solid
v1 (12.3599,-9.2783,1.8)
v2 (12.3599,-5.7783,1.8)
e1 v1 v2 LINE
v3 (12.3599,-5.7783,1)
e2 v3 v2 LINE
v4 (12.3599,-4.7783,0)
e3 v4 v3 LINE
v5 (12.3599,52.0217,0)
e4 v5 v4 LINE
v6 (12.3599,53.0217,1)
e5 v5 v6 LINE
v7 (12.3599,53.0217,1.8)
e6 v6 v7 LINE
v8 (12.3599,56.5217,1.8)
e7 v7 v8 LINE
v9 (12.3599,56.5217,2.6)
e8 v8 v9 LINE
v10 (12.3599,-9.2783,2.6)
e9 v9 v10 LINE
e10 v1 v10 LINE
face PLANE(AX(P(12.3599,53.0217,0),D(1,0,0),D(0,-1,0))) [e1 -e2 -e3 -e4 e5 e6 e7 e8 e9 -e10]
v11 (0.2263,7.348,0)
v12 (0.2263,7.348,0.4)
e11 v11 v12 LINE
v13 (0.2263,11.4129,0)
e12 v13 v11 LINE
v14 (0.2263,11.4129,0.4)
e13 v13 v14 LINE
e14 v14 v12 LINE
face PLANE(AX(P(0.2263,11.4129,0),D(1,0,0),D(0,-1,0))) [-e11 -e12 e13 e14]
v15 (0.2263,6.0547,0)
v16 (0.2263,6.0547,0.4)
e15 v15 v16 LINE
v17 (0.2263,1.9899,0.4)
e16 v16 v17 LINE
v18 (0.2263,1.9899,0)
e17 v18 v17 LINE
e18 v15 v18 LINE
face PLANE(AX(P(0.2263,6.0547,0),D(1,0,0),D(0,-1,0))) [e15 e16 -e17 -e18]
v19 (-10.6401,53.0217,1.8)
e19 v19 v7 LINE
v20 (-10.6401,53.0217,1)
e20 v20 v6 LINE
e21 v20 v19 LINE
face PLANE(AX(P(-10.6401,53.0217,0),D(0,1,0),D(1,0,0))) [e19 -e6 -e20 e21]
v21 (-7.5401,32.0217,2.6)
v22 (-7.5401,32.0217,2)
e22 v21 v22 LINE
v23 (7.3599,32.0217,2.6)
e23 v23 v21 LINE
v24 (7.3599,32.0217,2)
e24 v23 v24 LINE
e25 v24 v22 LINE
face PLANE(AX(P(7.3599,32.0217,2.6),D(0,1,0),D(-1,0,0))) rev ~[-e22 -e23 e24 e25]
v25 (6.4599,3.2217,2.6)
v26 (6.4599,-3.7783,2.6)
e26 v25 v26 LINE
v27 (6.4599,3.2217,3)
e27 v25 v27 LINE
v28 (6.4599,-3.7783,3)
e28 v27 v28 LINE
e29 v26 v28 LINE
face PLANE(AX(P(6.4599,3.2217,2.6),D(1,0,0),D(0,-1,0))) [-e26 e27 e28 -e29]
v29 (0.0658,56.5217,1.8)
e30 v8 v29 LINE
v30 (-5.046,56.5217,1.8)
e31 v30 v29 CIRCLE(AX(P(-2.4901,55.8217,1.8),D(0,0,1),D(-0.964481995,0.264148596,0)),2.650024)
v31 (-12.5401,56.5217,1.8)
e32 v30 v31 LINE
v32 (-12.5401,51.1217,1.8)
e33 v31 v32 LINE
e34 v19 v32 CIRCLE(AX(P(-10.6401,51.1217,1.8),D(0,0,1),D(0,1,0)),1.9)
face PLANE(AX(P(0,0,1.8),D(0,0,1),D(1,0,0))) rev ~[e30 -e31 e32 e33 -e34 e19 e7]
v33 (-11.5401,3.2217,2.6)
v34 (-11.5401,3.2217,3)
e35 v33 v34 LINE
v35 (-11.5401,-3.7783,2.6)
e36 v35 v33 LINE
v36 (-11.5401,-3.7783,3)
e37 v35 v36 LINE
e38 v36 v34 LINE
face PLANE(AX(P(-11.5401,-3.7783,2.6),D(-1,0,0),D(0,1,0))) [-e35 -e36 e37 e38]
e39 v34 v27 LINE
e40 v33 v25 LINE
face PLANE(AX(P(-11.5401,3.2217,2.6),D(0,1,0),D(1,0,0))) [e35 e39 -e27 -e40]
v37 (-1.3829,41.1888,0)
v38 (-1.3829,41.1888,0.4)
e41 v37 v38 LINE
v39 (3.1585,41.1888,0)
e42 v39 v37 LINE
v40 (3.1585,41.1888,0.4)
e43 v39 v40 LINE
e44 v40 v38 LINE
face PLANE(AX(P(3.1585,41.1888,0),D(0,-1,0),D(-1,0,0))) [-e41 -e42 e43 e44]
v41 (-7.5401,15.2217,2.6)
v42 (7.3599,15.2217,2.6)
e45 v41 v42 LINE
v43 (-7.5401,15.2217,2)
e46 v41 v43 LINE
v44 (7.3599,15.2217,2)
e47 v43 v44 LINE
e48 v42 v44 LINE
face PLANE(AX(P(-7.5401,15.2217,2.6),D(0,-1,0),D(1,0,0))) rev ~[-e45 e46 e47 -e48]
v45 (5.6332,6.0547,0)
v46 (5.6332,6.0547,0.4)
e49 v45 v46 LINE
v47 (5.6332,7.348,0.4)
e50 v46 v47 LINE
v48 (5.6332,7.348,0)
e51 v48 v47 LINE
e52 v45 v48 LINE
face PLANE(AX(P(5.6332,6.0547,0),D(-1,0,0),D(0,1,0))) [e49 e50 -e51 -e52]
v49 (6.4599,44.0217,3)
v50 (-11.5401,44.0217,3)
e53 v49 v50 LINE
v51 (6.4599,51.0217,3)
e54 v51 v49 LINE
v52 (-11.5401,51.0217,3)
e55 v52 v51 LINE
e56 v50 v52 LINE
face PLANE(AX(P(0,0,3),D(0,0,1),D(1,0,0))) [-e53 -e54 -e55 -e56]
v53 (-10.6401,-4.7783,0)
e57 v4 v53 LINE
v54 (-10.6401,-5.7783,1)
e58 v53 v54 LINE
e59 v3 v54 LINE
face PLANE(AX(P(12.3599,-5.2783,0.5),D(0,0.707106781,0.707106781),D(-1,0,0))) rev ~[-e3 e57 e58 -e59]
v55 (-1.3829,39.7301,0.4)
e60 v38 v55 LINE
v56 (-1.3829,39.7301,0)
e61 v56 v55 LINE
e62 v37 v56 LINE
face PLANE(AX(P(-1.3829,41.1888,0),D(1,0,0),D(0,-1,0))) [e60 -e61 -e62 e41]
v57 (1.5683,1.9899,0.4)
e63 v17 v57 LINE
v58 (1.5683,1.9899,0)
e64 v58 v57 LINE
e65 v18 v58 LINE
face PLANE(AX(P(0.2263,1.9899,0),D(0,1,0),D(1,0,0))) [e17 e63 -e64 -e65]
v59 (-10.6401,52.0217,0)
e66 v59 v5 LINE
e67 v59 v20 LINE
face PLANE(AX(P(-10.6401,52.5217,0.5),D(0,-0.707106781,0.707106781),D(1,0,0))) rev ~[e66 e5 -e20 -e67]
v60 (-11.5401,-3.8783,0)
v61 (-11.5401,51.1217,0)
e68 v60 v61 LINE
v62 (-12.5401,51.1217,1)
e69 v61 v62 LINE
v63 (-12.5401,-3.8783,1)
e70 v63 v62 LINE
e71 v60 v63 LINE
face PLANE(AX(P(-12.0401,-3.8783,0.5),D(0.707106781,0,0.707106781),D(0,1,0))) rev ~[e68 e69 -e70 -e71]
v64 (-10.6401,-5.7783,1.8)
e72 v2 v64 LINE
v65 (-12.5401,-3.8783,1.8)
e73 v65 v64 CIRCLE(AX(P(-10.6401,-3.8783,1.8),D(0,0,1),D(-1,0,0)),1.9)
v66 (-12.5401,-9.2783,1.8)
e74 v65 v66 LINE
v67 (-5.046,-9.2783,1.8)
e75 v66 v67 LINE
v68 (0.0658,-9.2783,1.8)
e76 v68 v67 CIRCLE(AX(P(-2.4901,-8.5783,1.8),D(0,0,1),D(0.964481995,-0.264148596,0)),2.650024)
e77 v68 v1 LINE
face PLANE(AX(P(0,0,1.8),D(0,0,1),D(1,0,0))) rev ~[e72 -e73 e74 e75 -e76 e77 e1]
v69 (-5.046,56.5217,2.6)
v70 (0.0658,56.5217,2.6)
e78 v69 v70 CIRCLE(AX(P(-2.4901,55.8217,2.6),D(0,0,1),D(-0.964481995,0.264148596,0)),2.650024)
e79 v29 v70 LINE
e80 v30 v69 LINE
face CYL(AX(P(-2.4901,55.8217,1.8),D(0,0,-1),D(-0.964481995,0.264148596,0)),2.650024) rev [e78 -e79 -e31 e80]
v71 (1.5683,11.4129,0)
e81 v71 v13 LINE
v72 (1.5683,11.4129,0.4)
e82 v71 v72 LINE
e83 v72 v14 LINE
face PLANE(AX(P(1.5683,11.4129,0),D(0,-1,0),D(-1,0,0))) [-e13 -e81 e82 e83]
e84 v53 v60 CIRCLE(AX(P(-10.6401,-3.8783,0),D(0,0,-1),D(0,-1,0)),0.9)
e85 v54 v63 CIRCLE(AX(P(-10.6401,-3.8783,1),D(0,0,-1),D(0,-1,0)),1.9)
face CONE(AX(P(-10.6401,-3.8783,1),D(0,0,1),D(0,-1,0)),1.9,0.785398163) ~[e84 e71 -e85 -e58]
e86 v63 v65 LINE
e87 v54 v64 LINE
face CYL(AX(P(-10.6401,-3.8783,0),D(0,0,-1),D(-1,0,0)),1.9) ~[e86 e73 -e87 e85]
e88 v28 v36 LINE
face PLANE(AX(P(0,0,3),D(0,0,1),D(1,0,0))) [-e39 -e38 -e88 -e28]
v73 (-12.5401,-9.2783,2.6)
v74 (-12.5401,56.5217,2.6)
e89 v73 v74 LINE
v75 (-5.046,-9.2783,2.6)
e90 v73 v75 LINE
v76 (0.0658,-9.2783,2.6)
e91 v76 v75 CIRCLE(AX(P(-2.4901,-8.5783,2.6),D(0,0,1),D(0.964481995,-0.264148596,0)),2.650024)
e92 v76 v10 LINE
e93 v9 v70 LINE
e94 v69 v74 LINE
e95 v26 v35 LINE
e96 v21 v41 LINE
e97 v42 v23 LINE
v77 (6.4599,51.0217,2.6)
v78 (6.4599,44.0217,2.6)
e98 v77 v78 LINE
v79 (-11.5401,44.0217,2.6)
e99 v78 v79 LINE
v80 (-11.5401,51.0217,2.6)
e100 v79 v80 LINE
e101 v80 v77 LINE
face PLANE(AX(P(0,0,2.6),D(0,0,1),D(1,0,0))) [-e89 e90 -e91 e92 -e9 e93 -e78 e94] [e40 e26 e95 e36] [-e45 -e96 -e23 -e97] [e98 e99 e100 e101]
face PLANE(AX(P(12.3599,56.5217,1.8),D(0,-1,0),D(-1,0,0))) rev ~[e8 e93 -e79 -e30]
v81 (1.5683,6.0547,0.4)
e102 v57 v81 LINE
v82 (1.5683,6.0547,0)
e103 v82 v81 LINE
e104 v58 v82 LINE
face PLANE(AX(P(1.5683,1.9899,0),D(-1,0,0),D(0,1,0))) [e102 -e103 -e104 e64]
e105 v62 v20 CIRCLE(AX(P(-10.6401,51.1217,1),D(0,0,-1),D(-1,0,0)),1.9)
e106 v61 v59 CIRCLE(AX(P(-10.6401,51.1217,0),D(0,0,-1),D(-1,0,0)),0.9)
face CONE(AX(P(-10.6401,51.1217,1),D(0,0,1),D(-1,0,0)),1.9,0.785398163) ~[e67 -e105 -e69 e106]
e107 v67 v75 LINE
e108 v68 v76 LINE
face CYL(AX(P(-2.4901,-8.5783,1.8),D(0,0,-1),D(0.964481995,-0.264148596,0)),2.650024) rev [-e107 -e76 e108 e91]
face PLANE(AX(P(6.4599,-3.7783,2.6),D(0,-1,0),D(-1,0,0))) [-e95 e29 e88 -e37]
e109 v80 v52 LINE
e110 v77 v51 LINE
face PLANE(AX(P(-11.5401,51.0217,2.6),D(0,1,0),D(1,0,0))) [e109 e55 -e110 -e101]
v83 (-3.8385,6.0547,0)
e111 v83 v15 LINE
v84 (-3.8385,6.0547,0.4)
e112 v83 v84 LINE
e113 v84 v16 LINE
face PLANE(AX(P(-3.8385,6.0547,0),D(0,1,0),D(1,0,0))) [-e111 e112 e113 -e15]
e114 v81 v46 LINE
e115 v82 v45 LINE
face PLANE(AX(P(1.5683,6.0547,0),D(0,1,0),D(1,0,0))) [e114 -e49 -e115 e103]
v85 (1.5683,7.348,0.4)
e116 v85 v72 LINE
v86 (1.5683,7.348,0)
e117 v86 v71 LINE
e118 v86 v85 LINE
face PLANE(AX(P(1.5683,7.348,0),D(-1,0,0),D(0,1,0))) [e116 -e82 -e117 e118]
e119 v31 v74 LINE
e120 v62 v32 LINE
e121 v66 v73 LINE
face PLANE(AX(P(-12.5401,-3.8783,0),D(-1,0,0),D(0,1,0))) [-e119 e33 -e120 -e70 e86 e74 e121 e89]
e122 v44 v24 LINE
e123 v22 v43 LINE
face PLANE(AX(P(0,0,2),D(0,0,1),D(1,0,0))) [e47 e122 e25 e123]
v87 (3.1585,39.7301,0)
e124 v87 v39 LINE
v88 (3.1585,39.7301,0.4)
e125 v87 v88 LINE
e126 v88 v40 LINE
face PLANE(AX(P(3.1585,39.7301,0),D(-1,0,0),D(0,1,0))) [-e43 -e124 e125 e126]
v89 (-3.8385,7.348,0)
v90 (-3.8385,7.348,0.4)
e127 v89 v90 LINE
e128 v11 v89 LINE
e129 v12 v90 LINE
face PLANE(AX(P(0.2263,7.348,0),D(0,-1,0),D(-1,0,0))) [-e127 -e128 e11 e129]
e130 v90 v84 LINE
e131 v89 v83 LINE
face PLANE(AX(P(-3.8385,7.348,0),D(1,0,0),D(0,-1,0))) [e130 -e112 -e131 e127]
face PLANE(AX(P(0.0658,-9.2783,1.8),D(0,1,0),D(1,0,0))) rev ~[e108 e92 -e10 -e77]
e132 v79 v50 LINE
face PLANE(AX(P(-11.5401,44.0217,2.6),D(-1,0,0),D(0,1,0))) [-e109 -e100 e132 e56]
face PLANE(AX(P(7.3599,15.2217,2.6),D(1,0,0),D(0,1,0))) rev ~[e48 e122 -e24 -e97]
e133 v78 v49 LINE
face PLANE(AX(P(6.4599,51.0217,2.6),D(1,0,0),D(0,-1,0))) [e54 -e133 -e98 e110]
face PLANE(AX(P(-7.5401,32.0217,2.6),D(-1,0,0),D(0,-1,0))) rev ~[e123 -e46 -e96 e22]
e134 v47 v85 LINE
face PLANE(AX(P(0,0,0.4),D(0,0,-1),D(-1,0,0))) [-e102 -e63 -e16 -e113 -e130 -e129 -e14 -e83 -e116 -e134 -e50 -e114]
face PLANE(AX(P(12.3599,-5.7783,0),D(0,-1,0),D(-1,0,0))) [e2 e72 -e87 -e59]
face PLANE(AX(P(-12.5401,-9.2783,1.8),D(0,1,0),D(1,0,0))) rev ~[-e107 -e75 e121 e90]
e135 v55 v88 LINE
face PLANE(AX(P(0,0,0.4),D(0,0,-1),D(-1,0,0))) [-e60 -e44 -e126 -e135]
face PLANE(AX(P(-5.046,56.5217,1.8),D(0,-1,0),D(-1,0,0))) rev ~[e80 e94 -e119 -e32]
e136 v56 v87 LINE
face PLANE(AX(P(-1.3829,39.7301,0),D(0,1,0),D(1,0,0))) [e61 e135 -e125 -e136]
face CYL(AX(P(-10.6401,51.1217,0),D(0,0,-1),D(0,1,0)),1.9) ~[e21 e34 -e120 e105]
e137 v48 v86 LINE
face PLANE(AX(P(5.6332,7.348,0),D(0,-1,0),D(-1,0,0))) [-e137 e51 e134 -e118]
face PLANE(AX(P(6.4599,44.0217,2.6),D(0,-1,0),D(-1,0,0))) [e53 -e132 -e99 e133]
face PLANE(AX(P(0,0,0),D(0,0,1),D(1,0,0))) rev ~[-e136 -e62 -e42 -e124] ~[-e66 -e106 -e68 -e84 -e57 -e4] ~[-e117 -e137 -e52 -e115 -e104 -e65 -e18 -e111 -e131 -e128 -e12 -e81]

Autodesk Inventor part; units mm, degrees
ref_plane "YZ Plane" through (0, 0, 0) normal (1, 0, 0) x (0, 1, 0)
ref_plane "XZ Plane" through (0, 0, 0) normal (0, 1, 0) x (-1, 0, 0)
ref_plane "XY Plane" through (0, 0, 0) normal (0, 0, 1) x (1, 0, 0)
sketch "Skizze1" plane through (0, 0, 0) normal (0, 0, 1) x (1, 0, 0)
  arc A0 (-10.6401, 53.1217) -> (-12.6401, 51.1217) centre (-10.6401, 51.1217) ccw construction
  line L0 (-12.6401, 51.1217) -> (-12.6401, -3.8783) construction
  arc A1 (-12.6401, -3.8783) -> (-10.6401, -5.8783) centre (-10.6401, -3.8783) ccw construction
  line L1 (-10.6401, -5.8783) -> (35.6599, -5.8783) construction
  arc A2 (35.6599, -5.8783) -> (37.6599, -3.8783) centre (35.6599, -3.8783) ccw construction
  line L2 (37.6599, -3.8783) -> (37.6599, 51.1217) construction
  arc A3 (37.6599, 51.1217) -> (35.6599, 53.1217) centre (35.6599, 51.1217) ccw construction
  line L3 (35.6599, 53.1217) -> (-10.6401, 53.1217) construction
  arc A4 (-24.2401, -8.4283) -> (-19.5401, -13.1283) centre (-19.5401, -8.4283) ccw construction
  line L4 (-24.2401, 55.6717) -> (-24.2401, -8.4283) construction
  arc A5 (-19.5401, 60.3717) -> (-24.2401, 55.6717) centre (-19.5401, 55.6717) ccw construction
  line L5 (44.5599, 60.3717) -> (-19.5401, 60.3717) construction
  arc A6 (49.2599, 55.6717) -> (44.5599, 60.3717) centre (44.5599, 55.6717) ccw construction
  line L6 (49.2599, -8.4283) -> (49.2599, 55.6717) construction
  arc A7 (44.5599, -13.1283) -> (49.2599, -8.4283) centre (44.5599, -8.4283) ccw construction
  line L7 (-19.5401, -13.1283) -> (44.5599, -13.1283) construction
  line L8 (35.6599, -5.7783) -> (-10.6401, -5.7783)
  arc A8 (-12.5401, -3.8783) -> (-10.6401, -5.7783) centre (-10.6401, -3.8783) ccw
  line L9 (-12.5401, -3.8783) -> (-12.5401, 51.1217)
  arc A9 (-10.6401, 53.0217) -> (-12.5401, 51.1217) centre (-10.6401, 51.1217) ccw
  line L10 (-10.6401, 53.0217) -> (35.6599, 53.0217)
  arc A10 (37.5599, 51.1217) -> (35.6599, 53.0217) centre (35.6599, 51.1217) ccw
  line L11 (37.5599, 51.1217) -> (37.5599, -3.8783)
  arc A11 (35.6599, -5.7783) -> (37.5599, -3.8783) centre (35.6599, -3.8783) ccw
  line L12 (12.5099, -5.7783) -> (12.5099, 53.0217) construction
  line L13 (12.3599, 53.0217) -> (12.3599, -5.7783)
  point P0 (0, 0)
  dimension "d0" = 0.1
  dimension "d1" = 24.9
extrude "Extrusion1" add sketch "Skizze1" along normal blind 1.8 contours L8 A8 L9 A9 L10 L13
sketch "Skizze2" plane through (0, 0, 1.8) normal (0, 0, 1) x (1, 0, 0)
  line L0 (12.3599, 56.5217) -> (-12.5401, 56.5217)
  line L1 (-12.5401, 56.5217) -> (-12.5401, -9.2783)
  line L2 (-12.5401, -9.2783) -> (12.3599, -9.2783)
  line L3 (12.3599, -9.2783) -> (12.3599, 56.5217)
  line L4 (-10.6401, -5.7783) -> (12.3599, -5.7783) projected
  line L5 (12.3599, 53.0217) -> (-10.6401, 53.0217) projected
  line L6 (12.3599, -5.7783) -> (12.3599, 53.0217) projected
  line L7 (-12.5401, 51.1217) -> (-12.5401, -3.8783) projected
  arc A0 (-0.5286, -10.1283) -> (-4.4516, -10.1283) centre (-2.4901, -8.5783) ccw projected
  arc A1 (-4.3683, 57.4717) -> (-0.612, 57.4717) centre (-2.4901, 55.8217) ccw projected
  circle A2 centre (-2.4901, -8.5783) radius 2.65 construction
  arc A3 (0.0658, -9.2783) -> (-5.046, -9.2783) centre (-2.4901, -8.5783) ccw
  circle A4 centre (-2.4901, 55.8217) radius 2.65 construction
  arc A5 (-5.046, 56.5217) -> (0.0658, 56.5217) centre (-2.4901, 55.8217) ccw
  point P0 (0, 0)
  dimension "d4" = 3.5
  dimension "d5" = 3.5
  dimension "d30" = 2.5
  dimension "d31" = 5.3
  dimension "d32" = 2.5
  dimension "d33" = 5.3
extrude "Extrusion2" add sketch "Skizze2" along normal blind 0.8 contours L3 L2 A3 L1 L0 A5
sketch "Skizze3" plane through (0, 0, 2.6) normal (0, 0, 1) x (1, 0, 0)
  line L0 (-11.5401, 51.0217) -> (6.4599, 51.0217)
  line L1 (6.4599, 51.0217) -> (6.4599, 44.0217)
  line L2 (6.4599, 44.0217) -> (-11.5401, 44.0217)
  line L3 (-11.5401, 44.0217) -> (-11.5401, 51.0217)
  line L4 (-11.5401, 3.2217) -> (6.4599, 3.2217)
  line L5 (6.4599, 3.2217) -> (6.4599, -3.7783)
  line L6 (6.4599, -3.7783) -> (-11.5401, -3.7783)
  line L7 (-11.5401, -3.7783) -> (-11.5401, 3.2217)
  line L8 (12.3599, 56.5217) -> (-12.5401, 56.5217) projected
  line L9 (-12.5401, -9.2783) -> (12.3599, -9.2783) projected
  line L10 (-12.5401, -3.8783) -> (-12.5401, -9.2783) projected
  point P0 (0, 0)
  dimension "d8" = 18
  dimension "d9" = 18
  dimension "d10" = 7
  dimension "d11" = 7
  dimension "d12" = 5.5
  dimension "d13" = 5.5
  dimension "d14" = 1
extrude "Extrusion3" add sketch "Skizze3" along normal blind 0.4
chamfer "Fase1" distance 1 angle 45 5 edges at (0.8599, 53.0217, 0) (-11.9836, 52.4652, 0) (-12.5401, 23.6217, 0) (-11.9836, -5.2218, 0) (0.8599, -5.7783, 0)
sketch "Skizze4" plane through (0, 0, 0) normal (0, 0, -1) x (-1, 0, 0)
  line L0 (10.6401, -4.7783) -> (-12.3599, -4.7783) construction
  line L1 (-12.3599, 52.0217) -> (10.6401, 52.0217) construction
  line L2 (-6.9071, 11.4129) -> (4.4149, 11.4129) construction
  line L3 (4.4149, 11.4129) -> (4.4149, 1.8512) construction
  line L4 (4.4149, 1.8512) -> (-6.9071, 1.8512) construction
  line L5 (-6.9071, 1.8512) -> (-6.9071, 11.4129) construction
  line L6 (-3.8878, 41.1888) -> (4.1122, 41.1888) construction
  line L7 (4.1122, 41.1888) -> (4.1122, 36.9997) construction
  line L8 (4.1122, 36.9997) -> (-3.8878, 36.9997) construction
  line L9 (-3.8878, 36.9997) -> (-3.8878, 41.1888) construction
  line L10 (11.5401, 51.1217) -> (11.5401, -3.8783) construction
  line L11 (11.5401, 40.0217) -> (-12.3599, 40.0217) construction
  line L12 (11.5401, 7.2217) -> (-12.3599, 7.2217) construction
  line L13 (-12.3599, -4.7783) -> (-12.3599, 52.0217) construction
  line L14 (-0.8599, -4.7783) -> (-0.8599, 52.0217) construction
  line L15 (3.8385, 6.0547) -> (-0.2263, 6.0547)
  line L16 (-0.2263, 6.0547) -> (-0.2263, 1.9899)
  line L17 (-0.2263, 1.9899) -> (-1.5683, 1.9899)
  line L18 (-1.5683, 1.9899) -> (-1.5683, 6.0547)
  line L19 (-1.5683, 6.0547) -> (-5.6332, 6.0547)
  line L20 (-5.6332, 6.0547) -> (-5.6332, 7.348)
  line L21 (-5.6332, 7.348) -> (-1.5683, 7.348)
  line L22 (-1.5683, 7.348) -> (-1.5683, 11.4129)
  line L23 (-1.5683, 11.4129) -> (-0.2263, 11.4129)
  line L24 (-0.2263, 11.4129) -> (-0.2263, 7.348)
  line L25 (-0.2263, 7.348) -> (3.8385, 7.348)
  line L26 (3.8385, 7.348) -> (3.8385, 6.0547)
  line L27 (1.3829, 39.7301) -> (-3.1585, 39.7301)
  line L28 (-3.1585, 39.7301) -> (-3.1585, 41.1888)
  line L29 (-3.1585, 41.1888) -> (1.3829, 41.1888)
  line L30 (1.3829, 41.1888) -> (1.3829, 39.7301)
  point P0 (0, 0)
  dimension "d20" = 12
  dimension "d21" = 12
extrude "Extrusion4" cut sketch "Skizze4" against normal blind 0.4
sketch "Skizze5" plane through (0, 0, 2.6) normal (0, 0, 1) x (1, 0, 0)
  line L0 (7.3599, 32.0217) -> (-7.5401, 32.0217)
  line L1 (-7.5401, 32.0217) -> (-7.5401, 15.2217)
  line L2 (-7.5401, 15.2217) -> (7.3599, 15.2217)
  line L3 (7.3599, 15.2217) -> (7.3599, 32.0217)
  line L4 (6.4599, 44.0217) -> (-11.5401, 44.0217) projected
  line L5 (6.4599, 3.2217) -> (-11.5401, 3.2217) projected
  line L6 (-12.5401, 56.5217) -> (-12.5401, -9.2783) projected
  line L7 (12.3599, -9.2783) -> (12.3599, 56.5217) projected
  point P0 (0, 0)
  dimension "d24" = 12
  dimension "d25" = 12
  dimension "d26" = 5
  dimension "d27" = 5
extrude "Extrusion5" cut sketch "Skizze5" against normal blind 0.6
equation "\"d5\" = d4"
equation "\"d9\" = d8"
equation "\"d13\" = d12"
properties part number "Button"
